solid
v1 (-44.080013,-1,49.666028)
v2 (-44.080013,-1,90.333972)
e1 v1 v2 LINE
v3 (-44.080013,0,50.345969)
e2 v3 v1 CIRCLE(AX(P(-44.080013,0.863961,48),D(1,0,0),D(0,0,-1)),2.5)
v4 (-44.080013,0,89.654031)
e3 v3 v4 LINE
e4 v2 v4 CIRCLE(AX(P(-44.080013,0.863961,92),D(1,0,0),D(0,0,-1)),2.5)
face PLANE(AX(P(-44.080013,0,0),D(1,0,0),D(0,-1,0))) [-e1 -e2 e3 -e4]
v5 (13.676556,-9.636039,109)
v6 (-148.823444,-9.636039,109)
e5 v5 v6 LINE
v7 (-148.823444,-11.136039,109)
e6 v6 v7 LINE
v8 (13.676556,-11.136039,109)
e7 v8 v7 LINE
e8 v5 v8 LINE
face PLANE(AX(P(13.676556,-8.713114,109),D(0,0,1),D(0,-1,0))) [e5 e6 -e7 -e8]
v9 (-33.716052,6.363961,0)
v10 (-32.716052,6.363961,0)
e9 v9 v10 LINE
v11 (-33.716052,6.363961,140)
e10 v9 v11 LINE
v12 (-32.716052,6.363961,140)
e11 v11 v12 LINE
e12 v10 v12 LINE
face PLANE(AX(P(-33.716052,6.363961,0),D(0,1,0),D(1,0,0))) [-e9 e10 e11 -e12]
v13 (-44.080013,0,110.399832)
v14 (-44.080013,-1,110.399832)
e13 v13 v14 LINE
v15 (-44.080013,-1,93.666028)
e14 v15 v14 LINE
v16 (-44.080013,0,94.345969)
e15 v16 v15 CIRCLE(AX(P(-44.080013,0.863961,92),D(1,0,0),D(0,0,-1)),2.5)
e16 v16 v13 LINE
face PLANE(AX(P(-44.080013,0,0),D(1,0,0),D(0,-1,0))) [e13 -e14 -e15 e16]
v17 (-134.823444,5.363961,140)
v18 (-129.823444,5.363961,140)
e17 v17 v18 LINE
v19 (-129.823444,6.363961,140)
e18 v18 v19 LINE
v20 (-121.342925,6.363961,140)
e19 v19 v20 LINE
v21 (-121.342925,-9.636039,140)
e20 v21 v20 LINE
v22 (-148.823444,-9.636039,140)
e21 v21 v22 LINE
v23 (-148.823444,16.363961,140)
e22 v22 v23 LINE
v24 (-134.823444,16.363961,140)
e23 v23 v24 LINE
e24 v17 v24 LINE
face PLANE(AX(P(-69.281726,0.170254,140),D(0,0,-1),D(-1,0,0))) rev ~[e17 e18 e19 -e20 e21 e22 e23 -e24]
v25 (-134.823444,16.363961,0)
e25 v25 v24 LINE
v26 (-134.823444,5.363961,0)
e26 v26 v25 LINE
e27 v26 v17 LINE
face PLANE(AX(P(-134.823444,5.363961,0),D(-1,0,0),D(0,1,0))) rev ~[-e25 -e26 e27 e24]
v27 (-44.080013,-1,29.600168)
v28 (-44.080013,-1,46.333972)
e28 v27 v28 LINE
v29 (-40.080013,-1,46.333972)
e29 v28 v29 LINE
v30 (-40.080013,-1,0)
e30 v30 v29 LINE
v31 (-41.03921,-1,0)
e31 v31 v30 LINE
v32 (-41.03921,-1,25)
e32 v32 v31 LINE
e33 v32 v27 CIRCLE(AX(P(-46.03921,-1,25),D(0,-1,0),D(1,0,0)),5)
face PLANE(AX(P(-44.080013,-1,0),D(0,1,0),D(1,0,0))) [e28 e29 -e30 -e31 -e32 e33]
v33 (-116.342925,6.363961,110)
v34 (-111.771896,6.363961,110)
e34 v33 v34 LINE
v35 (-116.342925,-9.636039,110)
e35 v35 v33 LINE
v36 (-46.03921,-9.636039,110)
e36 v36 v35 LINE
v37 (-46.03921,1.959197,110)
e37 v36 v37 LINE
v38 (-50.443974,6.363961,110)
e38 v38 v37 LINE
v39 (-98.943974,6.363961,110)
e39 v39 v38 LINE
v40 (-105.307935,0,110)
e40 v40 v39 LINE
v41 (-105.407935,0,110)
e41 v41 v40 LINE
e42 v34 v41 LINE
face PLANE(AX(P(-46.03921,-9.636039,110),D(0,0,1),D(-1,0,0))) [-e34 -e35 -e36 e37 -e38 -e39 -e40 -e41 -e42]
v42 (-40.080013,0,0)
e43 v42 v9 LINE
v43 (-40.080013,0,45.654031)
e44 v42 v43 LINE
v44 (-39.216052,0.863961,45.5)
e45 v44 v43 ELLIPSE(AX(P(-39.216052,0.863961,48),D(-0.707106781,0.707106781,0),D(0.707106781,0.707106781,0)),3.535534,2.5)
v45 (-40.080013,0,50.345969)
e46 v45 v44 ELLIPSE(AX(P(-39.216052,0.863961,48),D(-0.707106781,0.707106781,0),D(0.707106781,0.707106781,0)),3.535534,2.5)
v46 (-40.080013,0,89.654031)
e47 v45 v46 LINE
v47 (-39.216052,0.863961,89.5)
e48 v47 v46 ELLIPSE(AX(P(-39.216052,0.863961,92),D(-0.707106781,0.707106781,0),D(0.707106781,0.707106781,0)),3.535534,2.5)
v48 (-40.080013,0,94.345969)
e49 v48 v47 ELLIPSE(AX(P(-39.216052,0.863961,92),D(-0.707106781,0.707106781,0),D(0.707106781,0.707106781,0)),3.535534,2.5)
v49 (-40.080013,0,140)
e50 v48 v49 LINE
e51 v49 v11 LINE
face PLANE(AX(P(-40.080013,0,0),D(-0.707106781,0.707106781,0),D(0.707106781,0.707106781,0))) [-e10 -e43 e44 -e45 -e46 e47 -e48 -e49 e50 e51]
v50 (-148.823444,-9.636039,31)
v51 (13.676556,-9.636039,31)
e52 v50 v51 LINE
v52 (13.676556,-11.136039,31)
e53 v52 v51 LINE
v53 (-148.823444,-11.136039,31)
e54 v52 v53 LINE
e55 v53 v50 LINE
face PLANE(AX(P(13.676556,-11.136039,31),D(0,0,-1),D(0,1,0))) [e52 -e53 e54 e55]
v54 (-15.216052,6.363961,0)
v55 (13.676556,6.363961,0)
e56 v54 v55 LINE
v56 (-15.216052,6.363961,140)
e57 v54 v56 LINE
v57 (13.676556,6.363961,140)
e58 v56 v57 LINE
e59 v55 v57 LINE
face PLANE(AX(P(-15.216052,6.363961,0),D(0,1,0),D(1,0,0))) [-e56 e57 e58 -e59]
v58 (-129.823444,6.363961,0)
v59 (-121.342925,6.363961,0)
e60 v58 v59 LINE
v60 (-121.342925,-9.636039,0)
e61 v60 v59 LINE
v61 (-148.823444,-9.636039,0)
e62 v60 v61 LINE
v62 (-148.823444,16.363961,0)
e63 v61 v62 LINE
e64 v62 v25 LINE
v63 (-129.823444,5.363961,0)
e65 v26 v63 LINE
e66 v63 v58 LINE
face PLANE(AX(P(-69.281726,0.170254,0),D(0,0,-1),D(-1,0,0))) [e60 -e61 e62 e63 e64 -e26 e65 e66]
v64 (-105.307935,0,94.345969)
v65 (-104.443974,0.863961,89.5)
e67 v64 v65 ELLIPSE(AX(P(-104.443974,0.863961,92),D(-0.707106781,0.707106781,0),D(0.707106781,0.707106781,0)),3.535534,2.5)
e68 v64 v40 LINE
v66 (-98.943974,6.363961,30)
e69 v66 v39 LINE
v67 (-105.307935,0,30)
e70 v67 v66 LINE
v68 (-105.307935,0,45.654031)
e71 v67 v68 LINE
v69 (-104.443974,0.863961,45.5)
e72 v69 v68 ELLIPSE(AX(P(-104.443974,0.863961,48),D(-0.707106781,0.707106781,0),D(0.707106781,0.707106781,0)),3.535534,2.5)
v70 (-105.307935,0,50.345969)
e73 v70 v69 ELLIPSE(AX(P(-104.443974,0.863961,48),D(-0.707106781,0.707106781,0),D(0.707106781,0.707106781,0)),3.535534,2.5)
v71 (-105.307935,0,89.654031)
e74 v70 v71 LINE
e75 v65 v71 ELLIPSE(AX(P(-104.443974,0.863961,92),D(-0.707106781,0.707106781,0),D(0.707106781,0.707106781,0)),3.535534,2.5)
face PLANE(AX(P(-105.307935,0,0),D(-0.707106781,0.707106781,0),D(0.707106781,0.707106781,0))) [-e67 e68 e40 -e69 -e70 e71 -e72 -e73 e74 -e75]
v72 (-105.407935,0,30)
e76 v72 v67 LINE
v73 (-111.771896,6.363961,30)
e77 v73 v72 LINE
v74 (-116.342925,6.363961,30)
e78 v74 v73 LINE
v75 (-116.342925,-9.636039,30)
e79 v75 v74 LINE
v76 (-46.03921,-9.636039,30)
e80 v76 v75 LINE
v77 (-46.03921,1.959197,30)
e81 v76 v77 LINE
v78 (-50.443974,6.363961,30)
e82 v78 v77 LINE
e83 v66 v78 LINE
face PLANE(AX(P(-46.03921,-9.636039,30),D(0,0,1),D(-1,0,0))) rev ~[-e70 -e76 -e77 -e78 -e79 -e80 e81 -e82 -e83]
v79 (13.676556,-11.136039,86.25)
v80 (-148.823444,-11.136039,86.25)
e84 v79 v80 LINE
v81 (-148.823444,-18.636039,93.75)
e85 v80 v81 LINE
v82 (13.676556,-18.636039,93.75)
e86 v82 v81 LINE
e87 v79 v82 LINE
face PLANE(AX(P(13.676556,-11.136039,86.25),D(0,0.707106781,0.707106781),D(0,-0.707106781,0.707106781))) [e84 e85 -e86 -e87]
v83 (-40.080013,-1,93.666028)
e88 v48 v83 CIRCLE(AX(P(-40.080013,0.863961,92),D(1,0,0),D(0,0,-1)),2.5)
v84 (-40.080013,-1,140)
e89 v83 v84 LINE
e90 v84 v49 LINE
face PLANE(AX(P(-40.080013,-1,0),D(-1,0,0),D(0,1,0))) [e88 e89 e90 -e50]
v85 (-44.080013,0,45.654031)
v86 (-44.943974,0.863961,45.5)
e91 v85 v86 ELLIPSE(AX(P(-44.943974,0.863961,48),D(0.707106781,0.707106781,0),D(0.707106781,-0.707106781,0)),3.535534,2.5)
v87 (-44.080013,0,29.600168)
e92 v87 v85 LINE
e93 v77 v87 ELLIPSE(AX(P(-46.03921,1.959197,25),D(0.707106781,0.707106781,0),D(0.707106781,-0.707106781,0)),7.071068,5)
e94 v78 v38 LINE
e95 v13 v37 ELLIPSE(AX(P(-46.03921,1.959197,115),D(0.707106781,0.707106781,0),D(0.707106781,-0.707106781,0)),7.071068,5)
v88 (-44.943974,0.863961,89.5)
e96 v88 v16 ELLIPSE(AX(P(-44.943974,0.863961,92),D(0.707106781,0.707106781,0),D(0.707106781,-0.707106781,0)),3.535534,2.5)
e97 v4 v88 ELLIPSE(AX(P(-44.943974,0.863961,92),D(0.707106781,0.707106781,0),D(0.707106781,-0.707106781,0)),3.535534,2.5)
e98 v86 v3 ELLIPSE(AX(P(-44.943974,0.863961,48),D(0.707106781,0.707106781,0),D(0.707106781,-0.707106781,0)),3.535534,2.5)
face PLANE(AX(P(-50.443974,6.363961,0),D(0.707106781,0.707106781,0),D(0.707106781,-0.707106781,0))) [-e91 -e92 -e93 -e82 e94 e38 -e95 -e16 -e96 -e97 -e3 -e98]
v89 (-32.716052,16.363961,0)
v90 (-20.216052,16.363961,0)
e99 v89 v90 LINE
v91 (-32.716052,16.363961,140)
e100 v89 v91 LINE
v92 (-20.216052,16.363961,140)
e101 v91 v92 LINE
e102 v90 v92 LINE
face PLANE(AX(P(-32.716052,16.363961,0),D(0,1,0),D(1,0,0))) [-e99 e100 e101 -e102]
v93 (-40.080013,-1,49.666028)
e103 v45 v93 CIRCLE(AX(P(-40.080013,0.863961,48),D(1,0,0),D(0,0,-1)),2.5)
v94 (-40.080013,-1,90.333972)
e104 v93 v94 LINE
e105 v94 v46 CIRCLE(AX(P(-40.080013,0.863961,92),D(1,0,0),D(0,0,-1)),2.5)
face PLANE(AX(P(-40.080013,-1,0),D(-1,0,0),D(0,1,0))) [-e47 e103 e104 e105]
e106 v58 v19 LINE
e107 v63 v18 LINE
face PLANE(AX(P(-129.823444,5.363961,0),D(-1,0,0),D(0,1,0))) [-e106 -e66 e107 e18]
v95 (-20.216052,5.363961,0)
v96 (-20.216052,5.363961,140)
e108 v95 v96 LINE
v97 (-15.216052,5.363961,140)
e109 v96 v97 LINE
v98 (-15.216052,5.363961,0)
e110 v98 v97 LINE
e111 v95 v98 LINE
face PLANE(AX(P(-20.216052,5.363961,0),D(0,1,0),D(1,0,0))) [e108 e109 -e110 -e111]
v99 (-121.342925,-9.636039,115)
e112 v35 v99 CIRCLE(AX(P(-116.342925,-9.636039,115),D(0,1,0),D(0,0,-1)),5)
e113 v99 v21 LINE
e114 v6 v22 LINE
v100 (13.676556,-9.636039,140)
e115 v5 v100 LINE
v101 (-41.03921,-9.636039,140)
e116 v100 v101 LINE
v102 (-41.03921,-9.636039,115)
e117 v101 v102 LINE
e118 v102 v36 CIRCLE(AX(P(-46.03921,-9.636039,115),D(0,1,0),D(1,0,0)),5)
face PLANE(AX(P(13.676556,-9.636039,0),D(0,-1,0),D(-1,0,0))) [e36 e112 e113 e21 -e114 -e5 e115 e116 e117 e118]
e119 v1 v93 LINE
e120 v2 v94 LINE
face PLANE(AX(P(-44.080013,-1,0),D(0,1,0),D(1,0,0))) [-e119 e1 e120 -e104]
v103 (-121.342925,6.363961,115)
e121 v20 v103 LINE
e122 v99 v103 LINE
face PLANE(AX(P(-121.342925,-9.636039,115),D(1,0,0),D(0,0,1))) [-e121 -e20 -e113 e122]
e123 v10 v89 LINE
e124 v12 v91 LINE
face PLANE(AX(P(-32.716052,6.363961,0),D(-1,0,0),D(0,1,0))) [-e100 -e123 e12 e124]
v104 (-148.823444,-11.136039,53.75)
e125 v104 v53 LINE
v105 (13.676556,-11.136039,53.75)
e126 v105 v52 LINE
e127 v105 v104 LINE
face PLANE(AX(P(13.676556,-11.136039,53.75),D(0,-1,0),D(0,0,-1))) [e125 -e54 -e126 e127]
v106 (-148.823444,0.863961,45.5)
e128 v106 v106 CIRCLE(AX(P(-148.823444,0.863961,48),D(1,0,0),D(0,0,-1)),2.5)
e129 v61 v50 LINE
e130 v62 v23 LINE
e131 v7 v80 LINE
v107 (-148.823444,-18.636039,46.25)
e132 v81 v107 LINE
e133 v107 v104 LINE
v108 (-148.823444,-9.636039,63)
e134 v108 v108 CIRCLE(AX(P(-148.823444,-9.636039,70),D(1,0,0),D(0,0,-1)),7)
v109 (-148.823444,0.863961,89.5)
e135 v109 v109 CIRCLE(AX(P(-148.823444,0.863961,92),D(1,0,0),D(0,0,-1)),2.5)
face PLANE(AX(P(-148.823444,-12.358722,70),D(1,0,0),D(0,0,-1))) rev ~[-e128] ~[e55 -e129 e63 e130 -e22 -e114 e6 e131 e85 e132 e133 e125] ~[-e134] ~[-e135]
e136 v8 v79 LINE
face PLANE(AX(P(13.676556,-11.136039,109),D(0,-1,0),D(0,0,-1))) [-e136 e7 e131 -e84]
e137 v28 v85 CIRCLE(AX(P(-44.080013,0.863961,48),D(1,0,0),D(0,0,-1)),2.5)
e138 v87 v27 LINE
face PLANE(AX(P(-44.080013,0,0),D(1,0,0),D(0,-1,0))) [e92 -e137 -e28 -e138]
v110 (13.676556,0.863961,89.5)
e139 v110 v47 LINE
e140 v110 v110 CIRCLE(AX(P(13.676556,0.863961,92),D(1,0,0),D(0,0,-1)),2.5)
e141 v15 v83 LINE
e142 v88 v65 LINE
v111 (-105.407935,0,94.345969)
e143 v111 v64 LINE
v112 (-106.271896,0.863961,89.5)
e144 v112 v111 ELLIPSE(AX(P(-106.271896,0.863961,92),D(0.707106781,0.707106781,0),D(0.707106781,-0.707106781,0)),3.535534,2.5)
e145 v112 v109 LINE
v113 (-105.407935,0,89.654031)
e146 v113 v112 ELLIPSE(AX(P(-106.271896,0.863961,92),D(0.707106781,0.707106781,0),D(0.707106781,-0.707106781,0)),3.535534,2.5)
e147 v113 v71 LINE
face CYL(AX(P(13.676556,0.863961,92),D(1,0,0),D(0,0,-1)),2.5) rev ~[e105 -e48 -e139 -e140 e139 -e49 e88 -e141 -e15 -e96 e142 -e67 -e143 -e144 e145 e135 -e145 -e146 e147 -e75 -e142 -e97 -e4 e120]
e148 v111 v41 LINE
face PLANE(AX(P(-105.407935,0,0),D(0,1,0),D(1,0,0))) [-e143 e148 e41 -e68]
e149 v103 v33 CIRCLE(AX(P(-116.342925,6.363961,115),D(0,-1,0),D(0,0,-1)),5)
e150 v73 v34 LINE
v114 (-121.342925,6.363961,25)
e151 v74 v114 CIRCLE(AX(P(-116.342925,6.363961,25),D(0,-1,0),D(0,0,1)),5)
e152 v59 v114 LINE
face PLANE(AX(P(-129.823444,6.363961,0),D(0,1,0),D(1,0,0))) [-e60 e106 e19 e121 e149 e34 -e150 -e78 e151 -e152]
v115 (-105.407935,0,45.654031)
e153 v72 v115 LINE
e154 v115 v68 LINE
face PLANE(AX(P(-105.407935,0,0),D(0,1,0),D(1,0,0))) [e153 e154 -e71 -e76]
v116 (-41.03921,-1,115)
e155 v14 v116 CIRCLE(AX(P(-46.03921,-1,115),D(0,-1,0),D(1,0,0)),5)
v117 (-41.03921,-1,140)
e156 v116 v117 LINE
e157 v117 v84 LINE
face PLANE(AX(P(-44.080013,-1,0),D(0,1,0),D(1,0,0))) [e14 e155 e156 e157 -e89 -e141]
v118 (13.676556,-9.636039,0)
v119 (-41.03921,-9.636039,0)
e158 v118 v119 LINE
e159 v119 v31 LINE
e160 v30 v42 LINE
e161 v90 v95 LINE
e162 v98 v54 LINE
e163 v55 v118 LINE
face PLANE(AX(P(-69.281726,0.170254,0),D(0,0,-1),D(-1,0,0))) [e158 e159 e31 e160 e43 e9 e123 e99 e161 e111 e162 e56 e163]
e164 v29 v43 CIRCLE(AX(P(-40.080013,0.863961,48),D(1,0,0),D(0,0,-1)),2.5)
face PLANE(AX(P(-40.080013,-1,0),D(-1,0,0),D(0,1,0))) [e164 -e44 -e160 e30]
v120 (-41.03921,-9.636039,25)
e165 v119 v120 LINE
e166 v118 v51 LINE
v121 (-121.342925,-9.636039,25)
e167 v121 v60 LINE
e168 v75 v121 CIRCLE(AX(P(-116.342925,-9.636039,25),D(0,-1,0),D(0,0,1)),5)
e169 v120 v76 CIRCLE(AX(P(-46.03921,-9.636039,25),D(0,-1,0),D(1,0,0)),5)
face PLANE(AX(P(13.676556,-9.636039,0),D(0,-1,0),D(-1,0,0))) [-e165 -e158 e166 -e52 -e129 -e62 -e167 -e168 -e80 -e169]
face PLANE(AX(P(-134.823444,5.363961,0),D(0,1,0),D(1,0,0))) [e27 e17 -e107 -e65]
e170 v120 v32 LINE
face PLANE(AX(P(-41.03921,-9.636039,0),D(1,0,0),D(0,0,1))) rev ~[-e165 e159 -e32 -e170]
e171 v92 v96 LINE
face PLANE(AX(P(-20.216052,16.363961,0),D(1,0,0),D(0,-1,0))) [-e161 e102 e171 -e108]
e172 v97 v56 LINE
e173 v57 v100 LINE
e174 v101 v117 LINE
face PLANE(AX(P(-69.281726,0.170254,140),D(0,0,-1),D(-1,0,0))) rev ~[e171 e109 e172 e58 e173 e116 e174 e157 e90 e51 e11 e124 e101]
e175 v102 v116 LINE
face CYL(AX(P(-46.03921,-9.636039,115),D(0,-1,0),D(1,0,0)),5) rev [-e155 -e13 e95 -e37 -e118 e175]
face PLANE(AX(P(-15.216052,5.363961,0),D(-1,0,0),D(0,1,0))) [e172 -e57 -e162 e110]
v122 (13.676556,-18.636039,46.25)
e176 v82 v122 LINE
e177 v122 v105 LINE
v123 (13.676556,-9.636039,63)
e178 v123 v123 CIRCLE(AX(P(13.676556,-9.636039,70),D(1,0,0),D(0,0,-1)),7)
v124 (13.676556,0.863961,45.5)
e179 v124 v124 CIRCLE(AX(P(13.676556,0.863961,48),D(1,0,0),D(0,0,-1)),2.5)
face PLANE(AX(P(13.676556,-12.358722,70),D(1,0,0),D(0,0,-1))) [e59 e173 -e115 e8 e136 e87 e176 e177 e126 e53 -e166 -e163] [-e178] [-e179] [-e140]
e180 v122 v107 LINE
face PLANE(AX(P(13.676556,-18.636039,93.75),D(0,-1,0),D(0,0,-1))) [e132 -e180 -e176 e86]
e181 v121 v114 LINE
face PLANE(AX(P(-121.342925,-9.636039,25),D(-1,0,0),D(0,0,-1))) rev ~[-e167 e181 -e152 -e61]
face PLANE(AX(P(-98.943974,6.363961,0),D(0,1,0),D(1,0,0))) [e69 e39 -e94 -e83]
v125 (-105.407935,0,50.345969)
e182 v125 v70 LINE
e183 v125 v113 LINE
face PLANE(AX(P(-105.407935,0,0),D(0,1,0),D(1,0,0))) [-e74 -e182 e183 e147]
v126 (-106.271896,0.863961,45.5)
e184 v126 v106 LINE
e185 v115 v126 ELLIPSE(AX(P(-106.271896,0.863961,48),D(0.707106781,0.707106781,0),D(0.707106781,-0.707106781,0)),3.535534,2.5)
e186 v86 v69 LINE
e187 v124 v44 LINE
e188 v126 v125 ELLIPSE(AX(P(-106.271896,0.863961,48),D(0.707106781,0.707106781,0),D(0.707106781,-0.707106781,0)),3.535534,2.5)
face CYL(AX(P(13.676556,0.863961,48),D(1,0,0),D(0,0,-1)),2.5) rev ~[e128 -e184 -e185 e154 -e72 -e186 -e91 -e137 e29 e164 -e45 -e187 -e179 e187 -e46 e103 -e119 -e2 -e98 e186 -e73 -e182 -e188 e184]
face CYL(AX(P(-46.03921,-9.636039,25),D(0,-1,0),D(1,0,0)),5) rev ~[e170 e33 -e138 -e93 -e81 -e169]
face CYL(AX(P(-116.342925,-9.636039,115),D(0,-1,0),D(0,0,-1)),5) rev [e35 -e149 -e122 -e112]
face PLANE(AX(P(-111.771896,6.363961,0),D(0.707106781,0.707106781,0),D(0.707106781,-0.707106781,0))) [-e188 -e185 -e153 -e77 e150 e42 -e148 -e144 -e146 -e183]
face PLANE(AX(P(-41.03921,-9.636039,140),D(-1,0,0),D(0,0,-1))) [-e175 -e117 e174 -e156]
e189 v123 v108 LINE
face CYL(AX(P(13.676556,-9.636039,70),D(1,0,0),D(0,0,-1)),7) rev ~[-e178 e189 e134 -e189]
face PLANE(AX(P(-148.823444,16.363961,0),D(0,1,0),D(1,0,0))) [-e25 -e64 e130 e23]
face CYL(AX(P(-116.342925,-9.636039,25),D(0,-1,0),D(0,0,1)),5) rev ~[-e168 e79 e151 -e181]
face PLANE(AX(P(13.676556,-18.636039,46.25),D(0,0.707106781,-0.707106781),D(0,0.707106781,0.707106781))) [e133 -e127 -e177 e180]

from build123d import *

# Parameters (mm, degrees)
BOSS_EXTRUDE1_DEPTH = 140
BOSS_EXTRUDE2_DEPTH = 162.5
CUT_EXTRUDE1_DEPTH  = 100
SKETCH4_R           = 7
CUT_EXTRUDE2_DEPTH  = 1000
SKETCH5_R           = 2.5
CUT_EXTRUDE3_DEPTH  = 1000


with BuildPart() as part:
    # Sketch1 → Boss-Extrude1 (new body)
    with BuildSketch(Plane.XY):
        Polygon((-148.823444479, 16.363961031), (-134.823444479, 16.363961031), (-134.823444479, 6.363961031), (-134.823444479, 5.363961031), (-129.823444479, 5.363961031), (-129.823444479, 6.363961031), (-111.771895875, 6.363961031), (-105.407934844, 0), (-105.307934844, 0), (-98.943973814, 6.363961031), (-50.443973814, 6.363961031), (-44.080012783, 0), (-44.080012783, -1), (-40.080012783, -1), (-40.080012783, 0), (-33.716051752, 6.363961031), (-32.716051752, 6.363961031), (-32.716051752, 16.363961031), (-20.216051752, 16.363961031), (-20.216051752, 5.363961031), (-15.216051752, 5.363961031), (-15.216051752, 6.363961031), (13.676555521, 6.363961031), (13.676555521, -9.636038969), (-148.823444479, -9.636038969), align=None)
    extrude(amount=BOSS_EXTRUDE1_DEPTH)

    # Sketch2 → Boss-Extrude2 (add)
    with BuildSketch(Plane(origin=(13.676555521, 0, 0), x_dir=(0, 0, -1), z_dir=(1, 0, 0))):
        Polygon((-86.25, -11.136038969), (-93.75, -18.636038969), (-46.25, -18.636038969), (-53.75, -11.136038969), (-31, -11.136038969), (-31, -8.713113528), (-109, -8.713113528), (-109, -11.136038969), align=None)
    extrude(amount=-BOSS_EXTRUDE2_DEPTH)

    # Sketch3 → Cut-Extrude1 (cut)
    with BuildSketch(Plane.XZ.offset(9.636038969)):
        with BuildLine():
            Line((-121.342924919, 0), (-41.039209534, 0))
            Line((-41.039209534, 0), (-41.039209534, 25))
            ThreePointArc((-41.039209534, 25), (-42.503675628, 28.535533906), (-46.039209534, 30))
            Line((-46.039209534, 30), (-116.342924919, 30))
            ThreePointArc((-116.342924919, 30), (-119.878458825, 28.535533906), (-121.342924919, 25))
            Line((-121.342924919, 25), (-121.342924919, 0))
        make_face()
        with BuildLine():
            Line((-121.342924919, 140), (-41.039209534, 140))
            Line((-41.039209534, 140), (-41.039209534, 115))
            ThreePointArc((-41.039209534, 115), (-42.503675628, 111.464466094), (-46.039209534, 110))
            Line((-46.039209534, 110), (-116.342924919, 110))
            ThreePointArc((-116.342924919, 110), (-119.878458825, 111.464466094), (-121.342924919, 115))
            Line((-121.342924919, 115), (-121.342924919, 140))
        make_face()
    extrude(amount=-CUT_EXTRUDE1_DEPTH, mode=Mode.SUBTRACT)

    # Sketch4 → Cut-Extrude2 (cut)
    with BuildSketch(Plane(origin=(13.676555521, 0, 0), x_dir=(0, 0, -1), z_dir=(1, 0, 0))):
        with Locations((-70, -9.636038969)):
            Circle(SKETCH4_R)
    extrude(amount=-CUT_EXTRUDE2_DEPTH, mode=Mode.SUBTRACT)

    # Sketch5 → Cut-Extrude3 (cut)
    with BuildSketch(Plane(origin=(13.676555521, 0, 0), x_dir=(0, 0, -1), z_dir=(1, 0, 0))):
        with Locations((-92, 0.863961031)):
            Circle(SKETCH5_R)
        with Locations((-48, 0.863961031)):
            Circle(SKETCH5_R)
    extrude(amount=-CUT_EXTRUDE3_DEPTH, mode=Mode.SUBTRACT)


solid = part.part
